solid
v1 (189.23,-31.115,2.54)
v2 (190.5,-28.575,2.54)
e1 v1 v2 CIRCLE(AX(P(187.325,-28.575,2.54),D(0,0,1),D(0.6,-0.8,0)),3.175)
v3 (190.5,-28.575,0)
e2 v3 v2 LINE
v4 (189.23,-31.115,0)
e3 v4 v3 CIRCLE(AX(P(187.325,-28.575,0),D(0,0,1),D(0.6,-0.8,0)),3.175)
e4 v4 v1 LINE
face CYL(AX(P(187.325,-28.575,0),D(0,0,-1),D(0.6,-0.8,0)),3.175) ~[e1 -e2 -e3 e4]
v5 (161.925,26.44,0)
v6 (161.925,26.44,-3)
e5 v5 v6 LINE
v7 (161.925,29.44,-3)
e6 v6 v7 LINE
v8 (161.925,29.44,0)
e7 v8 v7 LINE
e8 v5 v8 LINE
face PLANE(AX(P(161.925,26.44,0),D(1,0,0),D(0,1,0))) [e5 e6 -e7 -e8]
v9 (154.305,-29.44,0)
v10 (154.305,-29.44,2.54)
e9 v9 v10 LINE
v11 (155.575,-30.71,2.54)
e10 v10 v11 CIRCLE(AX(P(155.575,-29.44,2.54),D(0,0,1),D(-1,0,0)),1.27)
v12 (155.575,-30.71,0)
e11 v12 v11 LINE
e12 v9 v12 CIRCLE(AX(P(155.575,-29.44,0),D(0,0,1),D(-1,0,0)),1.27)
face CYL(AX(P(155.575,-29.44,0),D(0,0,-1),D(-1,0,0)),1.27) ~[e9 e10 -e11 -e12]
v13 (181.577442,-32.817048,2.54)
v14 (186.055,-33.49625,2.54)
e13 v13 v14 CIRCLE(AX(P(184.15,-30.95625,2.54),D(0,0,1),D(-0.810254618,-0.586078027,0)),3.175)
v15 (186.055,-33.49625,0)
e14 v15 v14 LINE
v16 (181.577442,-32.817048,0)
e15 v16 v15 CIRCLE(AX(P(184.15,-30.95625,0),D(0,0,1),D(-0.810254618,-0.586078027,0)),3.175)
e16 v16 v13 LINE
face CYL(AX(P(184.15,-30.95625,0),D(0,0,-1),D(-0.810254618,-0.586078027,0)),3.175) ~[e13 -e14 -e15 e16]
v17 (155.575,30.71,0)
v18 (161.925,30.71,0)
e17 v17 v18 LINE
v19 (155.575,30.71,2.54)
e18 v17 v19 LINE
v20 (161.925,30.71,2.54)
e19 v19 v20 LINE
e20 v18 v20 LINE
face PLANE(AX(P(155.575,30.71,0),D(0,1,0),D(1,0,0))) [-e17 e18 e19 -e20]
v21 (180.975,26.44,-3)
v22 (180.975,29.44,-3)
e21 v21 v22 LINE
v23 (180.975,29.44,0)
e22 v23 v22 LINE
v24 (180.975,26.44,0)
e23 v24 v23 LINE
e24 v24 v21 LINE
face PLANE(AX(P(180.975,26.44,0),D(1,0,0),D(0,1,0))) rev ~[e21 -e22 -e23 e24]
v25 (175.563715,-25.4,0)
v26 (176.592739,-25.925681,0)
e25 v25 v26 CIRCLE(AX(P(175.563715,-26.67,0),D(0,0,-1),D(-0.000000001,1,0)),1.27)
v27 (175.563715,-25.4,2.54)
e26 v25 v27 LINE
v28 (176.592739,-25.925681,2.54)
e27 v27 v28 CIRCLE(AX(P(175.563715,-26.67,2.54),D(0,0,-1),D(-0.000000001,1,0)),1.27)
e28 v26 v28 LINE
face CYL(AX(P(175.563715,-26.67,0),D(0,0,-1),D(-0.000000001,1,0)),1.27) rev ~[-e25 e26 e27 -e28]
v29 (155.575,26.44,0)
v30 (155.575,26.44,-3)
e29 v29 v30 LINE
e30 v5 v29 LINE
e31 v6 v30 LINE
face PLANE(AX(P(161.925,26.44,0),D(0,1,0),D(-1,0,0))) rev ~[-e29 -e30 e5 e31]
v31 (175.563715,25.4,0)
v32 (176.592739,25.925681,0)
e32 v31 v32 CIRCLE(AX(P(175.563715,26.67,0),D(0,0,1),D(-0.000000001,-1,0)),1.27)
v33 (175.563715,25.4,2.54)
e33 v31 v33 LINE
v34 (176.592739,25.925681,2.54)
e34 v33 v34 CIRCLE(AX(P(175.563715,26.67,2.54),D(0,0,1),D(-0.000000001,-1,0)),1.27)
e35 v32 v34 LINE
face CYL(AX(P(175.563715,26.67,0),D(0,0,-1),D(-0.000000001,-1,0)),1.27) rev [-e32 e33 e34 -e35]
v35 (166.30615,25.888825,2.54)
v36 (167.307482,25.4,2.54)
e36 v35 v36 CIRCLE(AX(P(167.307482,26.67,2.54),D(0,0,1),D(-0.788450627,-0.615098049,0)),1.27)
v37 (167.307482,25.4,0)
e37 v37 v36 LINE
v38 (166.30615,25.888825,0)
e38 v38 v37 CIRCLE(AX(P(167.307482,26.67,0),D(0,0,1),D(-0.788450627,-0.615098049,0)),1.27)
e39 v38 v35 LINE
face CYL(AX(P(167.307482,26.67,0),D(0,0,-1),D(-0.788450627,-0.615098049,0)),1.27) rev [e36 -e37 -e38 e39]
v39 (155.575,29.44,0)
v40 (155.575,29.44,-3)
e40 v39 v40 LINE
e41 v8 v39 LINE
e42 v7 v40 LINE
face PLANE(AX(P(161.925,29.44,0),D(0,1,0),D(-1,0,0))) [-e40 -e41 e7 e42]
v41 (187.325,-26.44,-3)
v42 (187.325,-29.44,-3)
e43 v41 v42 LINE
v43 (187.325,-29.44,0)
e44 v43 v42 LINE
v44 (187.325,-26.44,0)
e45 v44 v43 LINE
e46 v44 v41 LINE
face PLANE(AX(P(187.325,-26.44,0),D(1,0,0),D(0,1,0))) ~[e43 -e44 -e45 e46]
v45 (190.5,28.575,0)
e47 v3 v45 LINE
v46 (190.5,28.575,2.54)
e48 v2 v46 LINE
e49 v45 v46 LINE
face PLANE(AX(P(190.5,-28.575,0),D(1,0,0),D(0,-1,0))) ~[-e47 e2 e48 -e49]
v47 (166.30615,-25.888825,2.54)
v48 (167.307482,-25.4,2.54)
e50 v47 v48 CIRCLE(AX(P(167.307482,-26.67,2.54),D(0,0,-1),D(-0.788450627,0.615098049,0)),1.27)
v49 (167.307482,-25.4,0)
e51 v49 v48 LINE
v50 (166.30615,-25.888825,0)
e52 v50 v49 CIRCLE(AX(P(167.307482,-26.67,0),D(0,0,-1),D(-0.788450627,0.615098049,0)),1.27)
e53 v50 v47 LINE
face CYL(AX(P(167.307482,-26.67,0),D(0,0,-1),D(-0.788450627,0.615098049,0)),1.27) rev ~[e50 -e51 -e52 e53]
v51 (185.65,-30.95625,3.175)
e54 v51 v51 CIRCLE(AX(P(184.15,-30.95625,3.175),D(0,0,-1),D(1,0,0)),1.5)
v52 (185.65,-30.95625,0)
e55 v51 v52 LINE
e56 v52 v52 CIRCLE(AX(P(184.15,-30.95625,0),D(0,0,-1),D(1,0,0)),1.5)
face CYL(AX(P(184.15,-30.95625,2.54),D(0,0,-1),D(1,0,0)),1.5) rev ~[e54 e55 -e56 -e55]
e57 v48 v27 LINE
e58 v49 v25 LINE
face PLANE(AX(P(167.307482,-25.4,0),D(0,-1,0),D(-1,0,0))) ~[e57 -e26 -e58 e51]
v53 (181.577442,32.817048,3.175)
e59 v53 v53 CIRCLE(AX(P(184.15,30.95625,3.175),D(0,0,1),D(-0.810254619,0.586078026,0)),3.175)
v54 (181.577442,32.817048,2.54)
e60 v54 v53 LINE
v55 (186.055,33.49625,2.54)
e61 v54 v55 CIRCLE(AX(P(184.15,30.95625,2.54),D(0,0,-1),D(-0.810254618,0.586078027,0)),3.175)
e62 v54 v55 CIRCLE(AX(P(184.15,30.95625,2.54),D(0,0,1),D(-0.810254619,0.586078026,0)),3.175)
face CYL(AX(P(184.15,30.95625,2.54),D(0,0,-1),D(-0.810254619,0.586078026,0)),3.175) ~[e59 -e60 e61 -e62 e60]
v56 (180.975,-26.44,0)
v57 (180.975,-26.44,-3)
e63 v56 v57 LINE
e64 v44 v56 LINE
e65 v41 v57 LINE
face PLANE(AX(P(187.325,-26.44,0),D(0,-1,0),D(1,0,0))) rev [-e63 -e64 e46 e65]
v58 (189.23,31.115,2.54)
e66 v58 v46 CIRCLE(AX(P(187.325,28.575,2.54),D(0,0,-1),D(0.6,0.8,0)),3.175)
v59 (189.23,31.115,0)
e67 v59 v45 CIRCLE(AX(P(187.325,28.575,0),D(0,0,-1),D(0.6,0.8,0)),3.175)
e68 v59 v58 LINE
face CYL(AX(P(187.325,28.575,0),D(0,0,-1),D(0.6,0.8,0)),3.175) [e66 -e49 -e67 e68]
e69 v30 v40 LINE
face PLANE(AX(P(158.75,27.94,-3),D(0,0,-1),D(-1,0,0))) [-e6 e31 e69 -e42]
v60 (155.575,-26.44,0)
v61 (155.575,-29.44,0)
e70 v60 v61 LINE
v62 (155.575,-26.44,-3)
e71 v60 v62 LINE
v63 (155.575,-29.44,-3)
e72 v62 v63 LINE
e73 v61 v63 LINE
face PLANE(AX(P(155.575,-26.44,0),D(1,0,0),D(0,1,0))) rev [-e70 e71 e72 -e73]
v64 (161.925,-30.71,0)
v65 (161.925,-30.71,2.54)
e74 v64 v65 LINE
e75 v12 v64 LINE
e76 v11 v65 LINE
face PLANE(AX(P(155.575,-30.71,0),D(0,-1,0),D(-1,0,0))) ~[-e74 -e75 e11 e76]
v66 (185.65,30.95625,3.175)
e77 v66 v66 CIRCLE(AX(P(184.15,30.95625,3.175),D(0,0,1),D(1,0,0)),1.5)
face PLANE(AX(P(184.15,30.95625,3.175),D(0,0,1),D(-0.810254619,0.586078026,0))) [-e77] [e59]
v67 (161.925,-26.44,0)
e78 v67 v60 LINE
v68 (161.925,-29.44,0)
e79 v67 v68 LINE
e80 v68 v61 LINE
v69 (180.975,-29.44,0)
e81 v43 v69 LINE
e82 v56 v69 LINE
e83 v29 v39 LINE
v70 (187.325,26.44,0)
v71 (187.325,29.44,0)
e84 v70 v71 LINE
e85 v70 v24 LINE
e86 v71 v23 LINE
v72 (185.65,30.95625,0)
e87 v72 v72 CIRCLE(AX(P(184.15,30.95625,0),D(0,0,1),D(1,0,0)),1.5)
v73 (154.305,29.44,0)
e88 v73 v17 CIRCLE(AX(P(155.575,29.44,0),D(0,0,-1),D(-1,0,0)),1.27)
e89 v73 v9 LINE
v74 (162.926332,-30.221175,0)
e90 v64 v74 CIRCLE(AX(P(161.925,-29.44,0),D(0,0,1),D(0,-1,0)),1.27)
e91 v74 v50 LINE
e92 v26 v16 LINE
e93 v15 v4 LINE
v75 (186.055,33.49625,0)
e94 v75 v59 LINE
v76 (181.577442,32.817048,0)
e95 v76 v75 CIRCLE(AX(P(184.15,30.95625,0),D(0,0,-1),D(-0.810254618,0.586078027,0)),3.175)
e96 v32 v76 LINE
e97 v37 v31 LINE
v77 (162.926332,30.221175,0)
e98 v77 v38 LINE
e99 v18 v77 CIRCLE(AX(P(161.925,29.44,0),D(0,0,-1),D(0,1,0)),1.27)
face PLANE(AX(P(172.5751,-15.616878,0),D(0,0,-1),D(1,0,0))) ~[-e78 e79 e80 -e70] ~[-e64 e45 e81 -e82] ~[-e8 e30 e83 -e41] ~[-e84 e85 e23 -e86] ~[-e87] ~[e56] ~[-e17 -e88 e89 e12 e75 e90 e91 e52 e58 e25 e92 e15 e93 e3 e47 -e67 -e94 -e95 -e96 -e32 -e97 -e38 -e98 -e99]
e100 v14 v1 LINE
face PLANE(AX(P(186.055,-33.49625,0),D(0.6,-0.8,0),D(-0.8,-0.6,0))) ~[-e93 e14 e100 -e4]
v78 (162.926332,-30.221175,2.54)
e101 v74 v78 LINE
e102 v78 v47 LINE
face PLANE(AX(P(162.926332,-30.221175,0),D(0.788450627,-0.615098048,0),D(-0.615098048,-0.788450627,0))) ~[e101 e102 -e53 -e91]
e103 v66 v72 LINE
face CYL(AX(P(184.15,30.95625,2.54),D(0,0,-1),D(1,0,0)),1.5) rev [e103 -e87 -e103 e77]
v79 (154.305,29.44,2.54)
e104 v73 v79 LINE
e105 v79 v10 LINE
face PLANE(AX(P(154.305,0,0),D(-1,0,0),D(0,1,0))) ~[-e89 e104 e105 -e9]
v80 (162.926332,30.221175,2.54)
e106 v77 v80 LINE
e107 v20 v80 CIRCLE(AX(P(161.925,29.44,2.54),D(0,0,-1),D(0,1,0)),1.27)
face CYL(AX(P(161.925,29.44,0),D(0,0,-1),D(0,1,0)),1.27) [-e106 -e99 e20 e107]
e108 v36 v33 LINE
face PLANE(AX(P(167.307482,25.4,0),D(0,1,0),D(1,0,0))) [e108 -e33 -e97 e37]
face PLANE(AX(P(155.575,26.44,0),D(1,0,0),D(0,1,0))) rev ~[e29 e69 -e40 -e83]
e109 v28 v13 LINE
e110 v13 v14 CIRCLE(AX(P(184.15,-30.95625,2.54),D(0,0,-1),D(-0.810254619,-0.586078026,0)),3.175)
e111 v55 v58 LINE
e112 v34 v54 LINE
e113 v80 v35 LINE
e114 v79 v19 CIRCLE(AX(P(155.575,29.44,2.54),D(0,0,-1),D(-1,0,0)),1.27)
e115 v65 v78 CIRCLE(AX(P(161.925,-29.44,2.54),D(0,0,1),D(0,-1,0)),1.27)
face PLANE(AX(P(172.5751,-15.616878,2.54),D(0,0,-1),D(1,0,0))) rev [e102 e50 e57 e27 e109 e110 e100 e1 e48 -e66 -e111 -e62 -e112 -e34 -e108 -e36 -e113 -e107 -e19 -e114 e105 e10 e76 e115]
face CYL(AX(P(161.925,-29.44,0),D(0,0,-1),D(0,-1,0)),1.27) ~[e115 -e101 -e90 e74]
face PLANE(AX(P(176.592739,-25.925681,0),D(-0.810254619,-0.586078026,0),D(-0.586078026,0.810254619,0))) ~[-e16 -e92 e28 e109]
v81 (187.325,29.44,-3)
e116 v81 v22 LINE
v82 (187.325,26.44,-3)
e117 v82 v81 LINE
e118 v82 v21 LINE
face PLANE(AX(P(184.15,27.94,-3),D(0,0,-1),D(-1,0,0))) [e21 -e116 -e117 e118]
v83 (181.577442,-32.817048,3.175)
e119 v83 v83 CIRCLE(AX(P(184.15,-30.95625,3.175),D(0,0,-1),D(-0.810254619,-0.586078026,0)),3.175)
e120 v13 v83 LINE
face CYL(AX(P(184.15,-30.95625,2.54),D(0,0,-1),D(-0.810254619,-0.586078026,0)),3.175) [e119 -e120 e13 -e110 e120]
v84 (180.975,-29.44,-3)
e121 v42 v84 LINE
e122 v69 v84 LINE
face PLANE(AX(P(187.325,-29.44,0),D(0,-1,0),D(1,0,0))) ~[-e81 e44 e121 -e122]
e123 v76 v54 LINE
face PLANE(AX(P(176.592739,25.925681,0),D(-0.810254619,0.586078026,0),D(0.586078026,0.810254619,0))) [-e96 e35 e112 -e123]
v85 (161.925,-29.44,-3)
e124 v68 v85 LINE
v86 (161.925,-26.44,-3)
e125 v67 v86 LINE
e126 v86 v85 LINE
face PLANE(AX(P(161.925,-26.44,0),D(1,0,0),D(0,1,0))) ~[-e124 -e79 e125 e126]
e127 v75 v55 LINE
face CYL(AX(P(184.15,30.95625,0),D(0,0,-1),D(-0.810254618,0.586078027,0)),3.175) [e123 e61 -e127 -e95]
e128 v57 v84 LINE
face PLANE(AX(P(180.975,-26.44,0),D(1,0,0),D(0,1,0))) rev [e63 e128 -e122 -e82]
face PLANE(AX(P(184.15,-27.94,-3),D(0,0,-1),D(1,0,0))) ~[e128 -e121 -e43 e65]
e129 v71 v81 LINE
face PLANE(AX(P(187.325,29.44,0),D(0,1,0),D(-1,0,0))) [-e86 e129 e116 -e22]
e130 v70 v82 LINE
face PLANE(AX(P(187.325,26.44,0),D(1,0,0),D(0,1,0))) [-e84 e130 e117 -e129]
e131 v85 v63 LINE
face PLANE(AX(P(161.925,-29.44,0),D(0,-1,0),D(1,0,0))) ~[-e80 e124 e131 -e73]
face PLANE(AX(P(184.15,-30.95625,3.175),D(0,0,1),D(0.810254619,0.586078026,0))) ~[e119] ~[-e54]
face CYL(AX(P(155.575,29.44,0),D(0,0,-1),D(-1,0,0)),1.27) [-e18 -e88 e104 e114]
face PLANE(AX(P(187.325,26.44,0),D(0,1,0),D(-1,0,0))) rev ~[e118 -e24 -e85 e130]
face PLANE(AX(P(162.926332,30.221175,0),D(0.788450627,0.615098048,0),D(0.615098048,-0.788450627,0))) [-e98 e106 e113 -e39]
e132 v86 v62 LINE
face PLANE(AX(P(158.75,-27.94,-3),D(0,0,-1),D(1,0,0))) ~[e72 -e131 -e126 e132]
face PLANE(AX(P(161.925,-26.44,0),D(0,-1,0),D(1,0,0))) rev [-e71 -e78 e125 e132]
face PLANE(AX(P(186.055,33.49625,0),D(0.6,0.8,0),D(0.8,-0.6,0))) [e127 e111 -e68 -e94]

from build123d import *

# Parameters (mm, degrees)
SKETCH2_R           = 1.5
BOSS_EXTRUDE1_DEPTH = 2.54
SKETCH3_R           = 3.175
SKETCH3_R_2         = 1.5
BOSS_EXTRUDE2_DEPTH = 0.635
SKETCH4_W           = 6.35
SKETCH4_H           = 3
BOSS_EXTRUDE3_DEPTH = 3


with BuildPart() as part:
    # Sketch2 → Boss-Extrude1 (new body)
    with BuildSketch(Plane.XY):
        with BuildLine():
            Line((186.055, 33.49625), (189.23, 31.115))
            ThreePointArc((189.23, 31.115), (190.164806331, 29.994903166), (190.5, 28.575))
            Line((190.5, 28.575), (190.5, 0))
            Line((190.5, 0), (154.305, 0))
            Line((154.305, 0), (154.305, 29.44))
            ThreePointArc((154.305, 29.44), (154.676974388, 30.338025612), (155.575, 30.71))
            Line((155.575, 30.71), (161.925, 30.71))
            ThreePointArc((161.925, 30.71), (162.482139282, 30.58126939), (162.926332297, 30.221174521))
            Line((162.926332297, 30.221174521), (166.306150062, 25.888825479))
            ThreePointArc((166.306150062, 25.888825479), (166.750343077, 25.52873061), (167.307482358, 25.4))
            Line((167.307482358, 25.4), (175.563715168, 25.4))
            ThreePointArc((175.563715168, 25.4), (176.141475824, 25.539030228), (176.592738534, 25.925680906))
            Line((176.592738534, 25.925680906), (181.577441586, 32.817047734))
            ThreePointArc((181.577441586, 32.817047734), (183.673830399, 34.095340236), (186.055, 33.49625))
        make_face()
        with Locations((184.15, 30.95625)):
            Circle(SKETCH2_R, mode=Mode.SUBTRACT)
    extrude(amount=BOSS_EXTRUDE1_DEPTH)

    # Sketch3 → Boss-Extrude2 (add)
    with BuildSketch(Plane.XY.offset(2.54)):
        with Locations(Location((184.15, 30.95625, 0), (0, 0, 144.120815799))):
            Circle(SKETCH3_R)
        with Locations((184.15, 30.95625)):
            Circle(SKETCH3_R_2, mode=Mode.SUBTRACT)
    extrude(amount=BOSS_EXTRUDE2_DEPTH)

    # Sketch4 → Boss-Extrude3 (add)
    with BuildSketch(Plane(origin=(0, 0, 0), x_dir=(-1, 0, 0), z_dir=(0, 0, -1))):
        with Locations((-184.15, 27.94)):
            Rectangle(SKETCH4_W, SKETCH4_H)
        with Locations((-158.75, 27.94)):
            Rectangle(SKETCH4_W, SKETCH4_H)
    extrude(amount=BOSS_EXTRUDE3_DEPTH)

    # Mirror1: part across plane


with BuildPart() as part_1:
    add(part.part)
    add(part.part.mirror(Plane.ZX))


solid = part_1.part
